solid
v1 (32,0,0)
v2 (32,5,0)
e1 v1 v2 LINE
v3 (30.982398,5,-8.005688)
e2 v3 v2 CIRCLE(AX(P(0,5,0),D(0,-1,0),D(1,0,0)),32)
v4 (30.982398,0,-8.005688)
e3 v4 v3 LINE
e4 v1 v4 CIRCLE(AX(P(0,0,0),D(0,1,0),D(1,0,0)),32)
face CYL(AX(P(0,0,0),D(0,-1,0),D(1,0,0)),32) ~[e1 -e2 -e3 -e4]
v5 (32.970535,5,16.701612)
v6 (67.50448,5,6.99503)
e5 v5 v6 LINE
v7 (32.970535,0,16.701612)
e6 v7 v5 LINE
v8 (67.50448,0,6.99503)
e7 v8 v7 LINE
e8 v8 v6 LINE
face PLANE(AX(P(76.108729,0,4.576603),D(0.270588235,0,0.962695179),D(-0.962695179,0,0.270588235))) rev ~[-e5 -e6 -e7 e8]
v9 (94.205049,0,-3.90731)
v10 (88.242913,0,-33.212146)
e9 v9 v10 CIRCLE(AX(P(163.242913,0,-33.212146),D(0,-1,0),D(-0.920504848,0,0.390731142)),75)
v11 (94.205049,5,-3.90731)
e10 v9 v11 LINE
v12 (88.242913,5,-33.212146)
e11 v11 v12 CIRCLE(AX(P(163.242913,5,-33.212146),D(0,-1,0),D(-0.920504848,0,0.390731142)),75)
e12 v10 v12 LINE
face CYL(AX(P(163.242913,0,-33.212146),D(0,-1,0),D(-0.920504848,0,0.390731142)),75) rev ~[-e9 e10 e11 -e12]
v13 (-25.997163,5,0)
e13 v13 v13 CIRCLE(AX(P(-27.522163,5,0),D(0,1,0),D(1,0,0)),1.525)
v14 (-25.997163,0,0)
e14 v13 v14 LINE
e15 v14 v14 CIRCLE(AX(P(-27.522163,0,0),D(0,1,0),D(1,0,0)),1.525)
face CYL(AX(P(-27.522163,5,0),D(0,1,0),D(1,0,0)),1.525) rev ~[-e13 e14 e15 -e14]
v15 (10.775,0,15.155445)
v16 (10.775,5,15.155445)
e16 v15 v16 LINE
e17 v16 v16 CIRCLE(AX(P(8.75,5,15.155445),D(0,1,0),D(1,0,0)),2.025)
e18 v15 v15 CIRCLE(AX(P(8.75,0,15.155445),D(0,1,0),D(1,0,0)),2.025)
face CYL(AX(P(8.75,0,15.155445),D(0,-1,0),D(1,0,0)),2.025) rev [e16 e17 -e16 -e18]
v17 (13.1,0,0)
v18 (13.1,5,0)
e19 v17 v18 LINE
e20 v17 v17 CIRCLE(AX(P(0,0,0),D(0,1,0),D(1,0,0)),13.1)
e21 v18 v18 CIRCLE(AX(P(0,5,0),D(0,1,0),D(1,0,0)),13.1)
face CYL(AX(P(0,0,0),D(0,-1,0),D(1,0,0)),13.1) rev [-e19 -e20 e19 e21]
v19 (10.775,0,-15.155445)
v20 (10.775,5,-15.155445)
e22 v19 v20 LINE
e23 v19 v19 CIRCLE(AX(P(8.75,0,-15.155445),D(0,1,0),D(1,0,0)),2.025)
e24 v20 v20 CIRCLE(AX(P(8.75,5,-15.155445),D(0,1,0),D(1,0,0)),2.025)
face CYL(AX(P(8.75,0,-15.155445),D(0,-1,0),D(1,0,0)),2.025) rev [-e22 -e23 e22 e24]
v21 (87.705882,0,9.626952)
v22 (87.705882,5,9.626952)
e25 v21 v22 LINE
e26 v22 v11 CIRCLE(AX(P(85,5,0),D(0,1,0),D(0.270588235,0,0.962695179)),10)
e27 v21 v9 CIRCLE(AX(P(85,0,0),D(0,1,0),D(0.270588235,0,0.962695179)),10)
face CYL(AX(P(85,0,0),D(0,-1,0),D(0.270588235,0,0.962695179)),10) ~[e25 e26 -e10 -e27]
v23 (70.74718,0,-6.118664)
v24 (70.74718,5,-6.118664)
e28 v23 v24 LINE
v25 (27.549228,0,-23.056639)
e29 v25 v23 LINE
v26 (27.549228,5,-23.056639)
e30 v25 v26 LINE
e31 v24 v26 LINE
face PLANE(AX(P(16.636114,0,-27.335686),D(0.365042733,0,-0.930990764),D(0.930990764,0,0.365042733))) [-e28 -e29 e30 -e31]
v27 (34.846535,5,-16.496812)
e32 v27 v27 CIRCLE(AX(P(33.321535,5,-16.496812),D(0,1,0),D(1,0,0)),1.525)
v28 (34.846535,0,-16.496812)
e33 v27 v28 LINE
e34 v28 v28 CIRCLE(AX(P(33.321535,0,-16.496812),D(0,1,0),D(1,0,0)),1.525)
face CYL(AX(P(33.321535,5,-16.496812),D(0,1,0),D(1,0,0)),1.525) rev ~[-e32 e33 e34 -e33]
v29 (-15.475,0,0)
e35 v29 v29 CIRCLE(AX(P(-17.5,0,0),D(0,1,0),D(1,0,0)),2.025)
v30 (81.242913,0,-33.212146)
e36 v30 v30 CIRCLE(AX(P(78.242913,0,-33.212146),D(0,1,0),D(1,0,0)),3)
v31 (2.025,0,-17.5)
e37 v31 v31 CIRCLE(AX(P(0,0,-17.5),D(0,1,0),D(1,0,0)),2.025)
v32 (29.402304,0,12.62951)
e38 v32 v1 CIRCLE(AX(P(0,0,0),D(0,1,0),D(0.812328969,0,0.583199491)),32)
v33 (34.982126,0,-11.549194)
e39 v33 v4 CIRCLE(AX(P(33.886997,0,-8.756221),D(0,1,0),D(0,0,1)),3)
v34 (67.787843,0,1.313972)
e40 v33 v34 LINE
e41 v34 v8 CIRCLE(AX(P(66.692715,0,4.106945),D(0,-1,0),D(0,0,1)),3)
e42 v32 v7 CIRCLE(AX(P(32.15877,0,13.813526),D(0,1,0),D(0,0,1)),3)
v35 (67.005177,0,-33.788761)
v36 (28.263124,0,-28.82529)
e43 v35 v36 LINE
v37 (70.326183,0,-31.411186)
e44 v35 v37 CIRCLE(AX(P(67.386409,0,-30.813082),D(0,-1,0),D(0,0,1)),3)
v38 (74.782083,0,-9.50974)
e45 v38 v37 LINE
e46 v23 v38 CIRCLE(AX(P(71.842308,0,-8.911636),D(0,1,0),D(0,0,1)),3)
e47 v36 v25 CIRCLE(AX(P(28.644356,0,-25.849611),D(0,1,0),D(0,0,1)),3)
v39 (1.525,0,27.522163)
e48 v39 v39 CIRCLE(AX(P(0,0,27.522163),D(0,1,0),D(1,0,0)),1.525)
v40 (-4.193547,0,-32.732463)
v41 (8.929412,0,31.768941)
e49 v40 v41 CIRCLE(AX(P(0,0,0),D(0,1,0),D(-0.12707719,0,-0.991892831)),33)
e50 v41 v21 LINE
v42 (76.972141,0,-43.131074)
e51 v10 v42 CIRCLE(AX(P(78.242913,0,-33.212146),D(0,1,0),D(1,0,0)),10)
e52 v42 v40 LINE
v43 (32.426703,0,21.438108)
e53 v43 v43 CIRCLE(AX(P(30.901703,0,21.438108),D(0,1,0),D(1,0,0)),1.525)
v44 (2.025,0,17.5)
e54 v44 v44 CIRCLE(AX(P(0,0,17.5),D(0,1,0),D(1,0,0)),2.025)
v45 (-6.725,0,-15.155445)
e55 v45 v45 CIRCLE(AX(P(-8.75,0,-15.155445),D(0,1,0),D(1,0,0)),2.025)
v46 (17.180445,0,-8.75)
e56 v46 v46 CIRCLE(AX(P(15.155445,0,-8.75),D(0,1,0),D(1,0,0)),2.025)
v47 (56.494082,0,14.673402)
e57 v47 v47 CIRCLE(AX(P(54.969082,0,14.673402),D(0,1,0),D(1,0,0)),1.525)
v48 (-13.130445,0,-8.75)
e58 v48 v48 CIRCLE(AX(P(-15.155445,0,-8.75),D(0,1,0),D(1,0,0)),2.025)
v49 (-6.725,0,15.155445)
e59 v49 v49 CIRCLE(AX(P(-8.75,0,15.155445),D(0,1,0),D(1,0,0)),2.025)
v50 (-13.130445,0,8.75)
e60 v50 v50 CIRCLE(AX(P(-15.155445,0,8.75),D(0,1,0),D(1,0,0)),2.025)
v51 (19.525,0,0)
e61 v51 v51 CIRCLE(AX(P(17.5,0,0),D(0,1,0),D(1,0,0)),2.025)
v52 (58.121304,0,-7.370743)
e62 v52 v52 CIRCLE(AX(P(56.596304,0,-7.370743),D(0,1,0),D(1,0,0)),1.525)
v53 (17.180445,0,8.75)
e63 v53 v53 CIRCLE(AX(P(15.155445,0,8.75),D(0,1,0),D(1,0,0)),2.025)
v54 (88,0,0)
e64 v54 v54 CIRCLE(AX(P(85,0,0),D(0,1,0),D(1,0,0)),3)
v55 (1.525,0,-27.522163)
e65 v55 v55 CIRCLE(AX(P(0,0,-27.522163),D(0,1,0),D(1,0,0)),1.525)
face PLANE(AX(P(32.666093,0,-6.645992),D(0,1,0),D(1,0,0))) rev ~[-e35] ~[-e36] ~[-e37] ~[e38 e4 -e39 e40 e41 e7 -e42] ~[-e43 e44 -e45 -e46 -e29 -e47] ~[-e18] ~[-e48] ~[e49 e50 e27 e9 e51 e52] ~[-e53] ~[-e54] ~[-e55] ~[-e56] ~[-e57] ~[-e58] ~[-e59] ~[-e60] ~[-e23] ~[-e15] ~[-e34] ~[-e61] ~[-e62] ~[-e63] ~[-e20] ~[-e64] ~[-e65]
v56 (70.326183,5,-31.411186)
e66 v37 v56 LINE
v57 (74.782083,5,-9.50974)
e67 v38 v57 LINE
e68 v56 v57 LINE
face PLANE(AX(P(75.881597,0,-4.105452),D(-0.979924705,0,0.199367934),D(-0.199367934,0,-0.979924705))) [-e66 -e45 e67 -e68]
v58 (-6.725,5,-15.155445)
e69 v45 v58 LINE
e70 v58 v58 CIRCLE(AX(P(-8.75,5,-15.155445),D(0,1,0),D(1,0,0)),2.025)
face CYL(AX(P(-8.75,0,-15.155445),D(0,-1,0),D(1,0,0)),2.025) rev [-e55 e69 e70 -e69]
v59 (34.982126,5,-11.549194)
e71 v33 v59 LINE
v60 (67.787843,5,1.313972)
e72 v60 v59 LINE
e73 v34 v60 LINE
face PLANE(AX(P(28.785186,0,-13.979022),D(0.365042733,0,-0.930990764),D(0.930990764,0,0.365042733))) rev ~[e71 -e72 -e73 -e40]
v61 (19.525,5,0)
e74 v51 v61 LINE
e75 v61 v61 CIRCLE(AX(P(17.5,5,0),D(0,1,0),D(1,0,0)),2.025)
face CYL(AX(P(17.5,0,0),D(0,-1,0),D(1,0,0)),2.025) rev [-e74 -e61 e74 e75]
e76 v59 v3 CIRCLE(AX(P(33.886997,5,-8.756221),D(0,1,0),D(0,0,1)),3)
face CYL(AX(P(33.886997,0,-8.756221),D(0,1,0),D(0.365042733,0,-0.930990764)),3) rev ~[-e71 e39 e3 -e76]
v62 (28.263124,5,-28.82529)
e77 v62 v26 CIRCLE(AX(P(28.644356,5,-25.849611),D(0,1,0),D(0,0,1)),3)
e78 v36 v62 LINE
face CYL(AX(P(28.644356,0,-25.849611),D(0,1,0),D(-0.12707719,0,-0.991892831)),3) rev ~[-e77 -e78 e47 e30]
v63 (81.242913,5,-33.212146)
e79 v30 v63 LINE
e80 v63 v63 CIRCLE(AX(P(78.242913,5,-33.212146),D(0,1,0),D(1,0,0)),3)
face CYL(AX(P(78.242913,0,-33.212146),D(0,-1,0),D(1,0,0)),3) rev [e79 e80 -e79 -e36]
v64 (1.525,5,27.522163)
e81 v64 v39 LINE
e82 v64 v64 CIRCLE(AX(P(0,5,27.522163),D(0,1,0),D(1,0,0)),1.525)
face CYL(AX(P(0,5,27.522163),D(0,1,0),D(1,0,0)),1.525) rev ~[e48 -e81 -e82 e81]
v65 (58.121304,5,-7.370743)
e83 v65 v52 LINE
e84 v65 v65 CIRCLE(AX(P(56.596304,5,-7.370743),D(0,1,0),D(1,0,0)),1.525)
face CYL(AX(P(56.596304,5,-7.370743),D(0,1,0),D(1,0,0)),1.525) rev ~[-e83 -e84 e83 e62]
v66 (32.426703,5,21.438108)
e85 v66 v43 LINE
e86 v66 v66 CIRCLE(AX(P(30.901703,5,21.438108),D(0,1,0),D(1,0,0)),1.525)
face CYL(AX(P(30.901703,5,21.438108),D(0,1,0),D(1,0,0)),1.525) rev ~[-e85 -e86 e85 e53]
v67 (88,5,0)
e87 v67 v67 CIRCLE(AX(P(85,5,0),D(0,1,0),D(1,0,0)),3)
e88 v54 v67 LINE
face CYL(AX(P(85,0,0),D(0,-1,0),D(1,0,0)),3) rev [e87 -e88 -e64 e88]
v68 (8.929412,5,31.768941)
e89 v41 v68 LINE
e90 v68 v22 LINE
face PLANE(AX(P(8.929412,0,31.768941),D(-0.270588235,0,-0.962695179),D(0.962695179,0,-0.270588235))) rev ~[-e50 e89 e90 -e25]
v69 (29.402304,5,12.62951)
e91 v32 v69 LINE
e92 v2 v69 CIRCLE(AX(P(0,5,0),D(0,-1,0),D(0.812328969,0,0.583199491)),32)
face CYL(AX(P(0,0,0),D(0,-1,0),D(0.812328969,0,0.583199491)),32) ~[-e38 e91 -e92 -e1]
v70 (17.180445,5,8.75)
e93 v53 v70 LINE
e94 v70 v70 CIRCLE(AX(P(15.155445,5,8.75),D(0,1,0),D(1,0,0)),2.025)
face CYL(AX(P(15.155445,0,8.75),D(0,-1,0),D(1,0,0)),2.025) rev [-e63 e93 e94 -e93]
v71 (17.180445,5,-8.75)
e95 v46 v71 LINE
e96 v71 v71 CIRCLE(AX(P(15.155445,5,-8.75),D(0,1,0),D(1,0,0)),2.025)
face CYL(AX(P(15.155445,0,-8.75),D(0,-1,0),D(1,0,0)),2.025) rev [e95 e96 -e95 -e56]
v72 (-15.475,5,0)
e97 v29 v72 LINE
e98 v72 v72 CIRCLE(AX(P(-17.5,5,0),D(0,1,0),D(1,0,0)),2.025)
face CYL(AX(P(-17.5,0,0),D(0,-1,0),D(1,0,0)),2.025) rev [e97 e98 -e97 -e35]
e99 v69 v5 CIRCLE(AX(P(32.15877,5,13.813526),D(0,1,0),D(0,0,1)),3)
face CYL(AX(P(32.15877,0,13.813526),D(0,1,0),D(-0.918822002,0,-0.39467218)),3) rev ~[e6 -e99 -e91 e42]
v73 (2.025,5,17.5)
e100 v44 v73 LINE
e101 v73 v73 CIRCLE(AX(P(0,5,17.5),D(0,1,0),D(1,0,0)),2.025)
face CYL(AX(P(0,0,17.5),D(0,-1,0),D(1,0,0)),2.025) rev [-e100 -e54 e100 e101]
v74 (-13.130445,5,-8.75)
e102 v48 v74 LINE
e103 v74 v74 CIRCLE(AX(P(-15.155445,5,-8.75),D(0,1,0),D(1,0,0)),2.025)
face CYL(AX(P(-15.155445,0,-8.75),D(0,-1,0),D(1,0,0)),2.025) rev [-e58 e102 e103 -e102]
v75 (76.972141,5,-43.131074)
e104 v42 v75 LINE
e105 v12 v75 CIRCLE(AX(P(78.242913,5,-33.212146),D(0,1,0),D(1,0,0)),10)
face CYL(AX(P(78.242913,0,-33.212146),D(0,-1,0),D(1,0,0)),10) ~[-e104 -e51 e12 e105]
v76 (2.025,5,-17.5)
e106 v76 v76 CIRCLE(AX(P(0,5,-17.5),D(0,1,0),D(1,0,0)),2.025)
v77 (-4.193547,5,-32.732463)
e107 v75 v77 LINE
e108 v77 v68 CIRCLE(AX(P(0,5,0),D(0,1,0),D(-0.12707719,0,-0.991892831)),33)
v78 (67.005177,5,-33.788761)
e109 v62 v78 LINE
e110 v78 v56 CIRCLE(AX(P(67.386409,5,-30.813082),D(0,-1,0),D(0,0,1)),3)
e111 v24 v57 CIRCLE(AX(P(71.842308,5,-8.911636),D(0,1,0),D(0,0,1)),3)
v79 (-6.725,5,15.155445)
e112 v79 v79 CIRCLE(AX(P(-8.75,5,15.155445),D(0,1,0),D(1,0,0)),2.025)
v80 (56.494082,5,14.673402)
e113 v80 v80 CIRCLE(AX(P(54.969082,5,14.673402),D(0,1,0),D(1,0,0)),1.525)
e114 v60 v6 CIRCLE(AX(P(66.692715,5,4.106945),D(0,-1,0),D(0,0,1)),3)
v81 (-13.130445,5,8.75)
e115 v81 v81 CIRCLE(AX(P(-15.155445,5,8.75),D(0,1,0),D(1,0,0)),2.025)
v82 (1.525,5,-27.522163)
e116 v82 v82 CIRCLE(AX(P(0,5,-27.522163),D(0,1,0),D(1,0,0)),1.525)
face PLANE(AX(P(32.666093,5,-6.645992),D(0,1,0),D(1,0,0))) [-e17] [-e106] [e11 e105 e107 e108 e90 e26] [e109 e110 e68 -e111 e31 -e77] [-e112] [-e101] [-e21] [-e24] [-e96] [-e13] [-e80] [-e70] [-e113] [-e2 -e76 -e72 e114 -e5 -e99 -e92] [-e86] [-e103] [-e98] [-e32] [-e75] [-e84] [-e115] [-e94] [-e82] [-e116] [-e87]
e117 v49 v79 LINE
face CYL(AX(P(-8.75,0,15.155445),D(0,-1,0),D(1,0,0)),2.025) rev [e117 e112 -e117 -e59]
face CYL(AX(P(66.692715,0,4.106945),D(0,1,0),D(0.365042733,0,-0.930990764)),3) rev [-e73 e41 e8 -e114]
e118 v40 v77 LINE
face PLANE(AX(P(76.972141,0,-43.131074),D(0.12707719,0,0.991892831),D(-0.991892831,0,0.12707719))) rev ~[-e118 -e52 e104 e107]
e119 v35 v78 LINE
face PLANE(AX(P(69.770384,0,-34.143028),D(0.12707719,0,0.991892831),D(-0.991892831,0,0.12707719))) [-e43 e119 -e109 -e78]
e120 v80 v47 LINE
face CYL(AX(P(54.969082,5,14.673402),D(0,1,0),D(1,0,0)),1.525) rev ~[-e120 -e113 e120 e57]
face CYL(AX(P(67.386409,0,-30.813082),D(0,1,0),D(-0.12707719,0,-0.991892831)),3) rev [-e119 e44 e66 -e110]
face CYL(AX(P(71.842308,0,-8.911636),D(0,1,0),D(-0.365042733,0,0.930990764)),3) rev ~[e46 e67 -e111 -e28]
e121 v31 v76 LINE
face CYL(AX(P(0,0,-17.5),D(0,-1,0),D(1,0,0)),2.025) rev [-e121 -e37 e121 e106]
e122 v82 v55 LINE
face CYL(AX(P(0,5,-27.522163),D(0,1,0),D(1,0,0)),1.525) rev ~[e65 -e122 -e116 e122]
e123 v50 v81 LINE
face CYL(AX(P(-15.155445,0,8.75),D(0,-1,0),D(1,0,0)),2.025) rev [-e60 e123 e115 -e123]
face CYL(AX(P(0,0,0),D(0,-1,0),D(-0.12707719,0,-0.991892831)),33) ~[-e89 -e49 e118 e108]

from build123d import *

# Parameters (mm, degrees)
SKETCH_1_R          = 2.025
SKETCH_1_R_2        = 13.1
SKETCH_1_R_3        = 3
EXTRUDE_1_DEPTH     = 5
CUT_EXTRUDE_3_DEPTH = 10
FILLET_2_R          = 3
SKETCH_5_R          = 1.525
CUT_EXTRUDE_4_DEPTH = 20


with BuildPart() as part:
    # 草图1 → 凸台-拉伸1 (new body)
    with BuildSketch(Plane(origin=(0, 0, 0), x_dir=(1, 0, 0), z_dir=(0, 1, 0))):
        with BuildLine():
            Line((76.972140647, 43.13107423), (-4.193547259, 32.732463418))
            ThreePointArc((-4.193547259, 32.732463418), (-32.337515252, -6.579141836), (8.929411765, -31.768940894))
            Line((8.929411765, -31.768940894), (87.705882353, -9.626951786))
            ThreePointArc((87.705882353, -9.626951786), (94.014523475, -4.328783491), (94.205048973, 3.907310252))
            ThreePointArc((94.205048973, 3.907310252), (89.748559809, 18.25955029), (88.242912543, 33.212145922))
            ThreePointArc((88.242912543, 33.212145922), (84.849435117, 40.719066694), (76.972140647, 43.13107423))
        make_face()
        with Locations((0, 17.5)):
            Circle(SKETCH_1_R, mode=Mode.SUBTRACT)
        with Locations((8.75, 15.155444566)):
            Circle(SKETCH_1_R, mode=Mode.SUBTRACT)
        with Locations((-8.75, -15.155444566)):
            Circle(SKETCH_1_R, mode=Mode.SUBTRACT)
        with Locations((0, -17.5)):
            Circle(SKETCH_1_R, mode=Mode.SUBTRACT)
        with Locations((-15.155444566, -8.75)):
            Circle(SKETCH_1_R, mode=Mode.SUBTRACT)
        with Locations((8.75, -15.155444566)):
            Circle(SKETCH_1_R, mode=Mode.SUBTRACT)
        with Locations((15.155444566, -8.75)):
            Circle(SKETCH_1_R, mode=Mode.SUBTRACT)
        with Locations((-17.5, 0)):
            Circle(SKETCH_1_R, mode=Mode.SUBTRACT)
        Circle(SKETCH_1_R_2, mode=Mode.SUBTRACT)
        with Locations((-15.155444566, 8.75)):
            Circle(SKETCH_1_R, mode=Mode.SUBTRACT)
        with Locations((17.5, 0)):
            Circle(SKETCH_1_R, mode=Mode.SUBTRACT)
        with Locations((15.155444566, 8.75)):
            Circle(SKETCH_1_R, mode=Mode.SUBTRACT)
        with Locations((-8.75, 15.155444566)):
            Circle(SKETCH_1_R, mode=Mode.SUBTRACT)
        with Locations((85, 0)):
            Circle(SKETCH_1_R_3, mode=Mode.SUBTRACT)
        with Locations((78.242912543, 33.212145922)):
            Circle(SKETCH_1_R_3, mode=Mode.SUBTRACT)
    extrude(amount=EXTRUDE_1_DEPTH)

    # 草图4 → 切除-拉伸3 (cut)
    with BuildSketch(Plane.XZ):
        with BuildLine():
            Line((76.108728609, 4.576602785), (25.994527014, 18.662383699))
            ThreePointArc((25.994527014, 18.662383699), (30.461655113, 9.802426627), (32, 0))
            ThreePointArc((32, 0), (31.185942012, -7.171960739), (28.785186198, -13.979021981))
            Line((28.785186198, -13.979021981), (76.108728609, 4.576602785))
        make_face()
        Polygon((69.770383541, -34.143027562), (16.636114037, -27.335685646), (75.881597407, -4.105451761), align=None)
    extrude(amount=-CUT_EXTRUDE_3_DEPTH, mode=Mode.SUBTRACT)

    # 圆角2
    fillet_2_edges = [part.edges().sort_by_distance(p)[0] for p in [
        (69.770383541, 2.5, -34.143027562),
        (16.636114037, 2.5, -27.335685646),
        (75.881597407, 2.5, -4.105451761),
        (28.785186198, 2.5, -13.979021981),
        (25.994527014, 2.5, 18.662383699),
        (76.108728609, 2.5, 4.576602785),
    ]]
    fillet(fillet_2_edges, radius=FILLET_2_R)

    # 草图5 → 切除-拉伸4 (cut)
    with BuildSketch(Plane(origin=(0, 5, 0), x_dir=(1, 0, 0), z_dir=(0, 1, 0))):
        with Locations((-27.522163408, 0)):
            Circle(SKETCH_5_R)
        with Locations((0, 27.522163408)):
            Circle(SKETCH_5_R)
        with Locations((0, -27.522163408)):
            Circle(SKETCH_5_R)
        with Locations((30.901702525, -21.438107622)):
            Circle(SKETCH_5_R)
        with Locations((54.969081991, -14.673401739)):
            Circle(SKETCH_5_R)
        with Locations((33.321534862, 16.496811603)):
            Circle(SKETCH_5_R)
        with Locations((56.596303964, 7.370743267)):
            Circle(SKETCH_5_R)
    extrude(amount=-CUT_EXTRUDE_4_DEPTH, mode=Mode.SUBTRACT)


solid = part.part
